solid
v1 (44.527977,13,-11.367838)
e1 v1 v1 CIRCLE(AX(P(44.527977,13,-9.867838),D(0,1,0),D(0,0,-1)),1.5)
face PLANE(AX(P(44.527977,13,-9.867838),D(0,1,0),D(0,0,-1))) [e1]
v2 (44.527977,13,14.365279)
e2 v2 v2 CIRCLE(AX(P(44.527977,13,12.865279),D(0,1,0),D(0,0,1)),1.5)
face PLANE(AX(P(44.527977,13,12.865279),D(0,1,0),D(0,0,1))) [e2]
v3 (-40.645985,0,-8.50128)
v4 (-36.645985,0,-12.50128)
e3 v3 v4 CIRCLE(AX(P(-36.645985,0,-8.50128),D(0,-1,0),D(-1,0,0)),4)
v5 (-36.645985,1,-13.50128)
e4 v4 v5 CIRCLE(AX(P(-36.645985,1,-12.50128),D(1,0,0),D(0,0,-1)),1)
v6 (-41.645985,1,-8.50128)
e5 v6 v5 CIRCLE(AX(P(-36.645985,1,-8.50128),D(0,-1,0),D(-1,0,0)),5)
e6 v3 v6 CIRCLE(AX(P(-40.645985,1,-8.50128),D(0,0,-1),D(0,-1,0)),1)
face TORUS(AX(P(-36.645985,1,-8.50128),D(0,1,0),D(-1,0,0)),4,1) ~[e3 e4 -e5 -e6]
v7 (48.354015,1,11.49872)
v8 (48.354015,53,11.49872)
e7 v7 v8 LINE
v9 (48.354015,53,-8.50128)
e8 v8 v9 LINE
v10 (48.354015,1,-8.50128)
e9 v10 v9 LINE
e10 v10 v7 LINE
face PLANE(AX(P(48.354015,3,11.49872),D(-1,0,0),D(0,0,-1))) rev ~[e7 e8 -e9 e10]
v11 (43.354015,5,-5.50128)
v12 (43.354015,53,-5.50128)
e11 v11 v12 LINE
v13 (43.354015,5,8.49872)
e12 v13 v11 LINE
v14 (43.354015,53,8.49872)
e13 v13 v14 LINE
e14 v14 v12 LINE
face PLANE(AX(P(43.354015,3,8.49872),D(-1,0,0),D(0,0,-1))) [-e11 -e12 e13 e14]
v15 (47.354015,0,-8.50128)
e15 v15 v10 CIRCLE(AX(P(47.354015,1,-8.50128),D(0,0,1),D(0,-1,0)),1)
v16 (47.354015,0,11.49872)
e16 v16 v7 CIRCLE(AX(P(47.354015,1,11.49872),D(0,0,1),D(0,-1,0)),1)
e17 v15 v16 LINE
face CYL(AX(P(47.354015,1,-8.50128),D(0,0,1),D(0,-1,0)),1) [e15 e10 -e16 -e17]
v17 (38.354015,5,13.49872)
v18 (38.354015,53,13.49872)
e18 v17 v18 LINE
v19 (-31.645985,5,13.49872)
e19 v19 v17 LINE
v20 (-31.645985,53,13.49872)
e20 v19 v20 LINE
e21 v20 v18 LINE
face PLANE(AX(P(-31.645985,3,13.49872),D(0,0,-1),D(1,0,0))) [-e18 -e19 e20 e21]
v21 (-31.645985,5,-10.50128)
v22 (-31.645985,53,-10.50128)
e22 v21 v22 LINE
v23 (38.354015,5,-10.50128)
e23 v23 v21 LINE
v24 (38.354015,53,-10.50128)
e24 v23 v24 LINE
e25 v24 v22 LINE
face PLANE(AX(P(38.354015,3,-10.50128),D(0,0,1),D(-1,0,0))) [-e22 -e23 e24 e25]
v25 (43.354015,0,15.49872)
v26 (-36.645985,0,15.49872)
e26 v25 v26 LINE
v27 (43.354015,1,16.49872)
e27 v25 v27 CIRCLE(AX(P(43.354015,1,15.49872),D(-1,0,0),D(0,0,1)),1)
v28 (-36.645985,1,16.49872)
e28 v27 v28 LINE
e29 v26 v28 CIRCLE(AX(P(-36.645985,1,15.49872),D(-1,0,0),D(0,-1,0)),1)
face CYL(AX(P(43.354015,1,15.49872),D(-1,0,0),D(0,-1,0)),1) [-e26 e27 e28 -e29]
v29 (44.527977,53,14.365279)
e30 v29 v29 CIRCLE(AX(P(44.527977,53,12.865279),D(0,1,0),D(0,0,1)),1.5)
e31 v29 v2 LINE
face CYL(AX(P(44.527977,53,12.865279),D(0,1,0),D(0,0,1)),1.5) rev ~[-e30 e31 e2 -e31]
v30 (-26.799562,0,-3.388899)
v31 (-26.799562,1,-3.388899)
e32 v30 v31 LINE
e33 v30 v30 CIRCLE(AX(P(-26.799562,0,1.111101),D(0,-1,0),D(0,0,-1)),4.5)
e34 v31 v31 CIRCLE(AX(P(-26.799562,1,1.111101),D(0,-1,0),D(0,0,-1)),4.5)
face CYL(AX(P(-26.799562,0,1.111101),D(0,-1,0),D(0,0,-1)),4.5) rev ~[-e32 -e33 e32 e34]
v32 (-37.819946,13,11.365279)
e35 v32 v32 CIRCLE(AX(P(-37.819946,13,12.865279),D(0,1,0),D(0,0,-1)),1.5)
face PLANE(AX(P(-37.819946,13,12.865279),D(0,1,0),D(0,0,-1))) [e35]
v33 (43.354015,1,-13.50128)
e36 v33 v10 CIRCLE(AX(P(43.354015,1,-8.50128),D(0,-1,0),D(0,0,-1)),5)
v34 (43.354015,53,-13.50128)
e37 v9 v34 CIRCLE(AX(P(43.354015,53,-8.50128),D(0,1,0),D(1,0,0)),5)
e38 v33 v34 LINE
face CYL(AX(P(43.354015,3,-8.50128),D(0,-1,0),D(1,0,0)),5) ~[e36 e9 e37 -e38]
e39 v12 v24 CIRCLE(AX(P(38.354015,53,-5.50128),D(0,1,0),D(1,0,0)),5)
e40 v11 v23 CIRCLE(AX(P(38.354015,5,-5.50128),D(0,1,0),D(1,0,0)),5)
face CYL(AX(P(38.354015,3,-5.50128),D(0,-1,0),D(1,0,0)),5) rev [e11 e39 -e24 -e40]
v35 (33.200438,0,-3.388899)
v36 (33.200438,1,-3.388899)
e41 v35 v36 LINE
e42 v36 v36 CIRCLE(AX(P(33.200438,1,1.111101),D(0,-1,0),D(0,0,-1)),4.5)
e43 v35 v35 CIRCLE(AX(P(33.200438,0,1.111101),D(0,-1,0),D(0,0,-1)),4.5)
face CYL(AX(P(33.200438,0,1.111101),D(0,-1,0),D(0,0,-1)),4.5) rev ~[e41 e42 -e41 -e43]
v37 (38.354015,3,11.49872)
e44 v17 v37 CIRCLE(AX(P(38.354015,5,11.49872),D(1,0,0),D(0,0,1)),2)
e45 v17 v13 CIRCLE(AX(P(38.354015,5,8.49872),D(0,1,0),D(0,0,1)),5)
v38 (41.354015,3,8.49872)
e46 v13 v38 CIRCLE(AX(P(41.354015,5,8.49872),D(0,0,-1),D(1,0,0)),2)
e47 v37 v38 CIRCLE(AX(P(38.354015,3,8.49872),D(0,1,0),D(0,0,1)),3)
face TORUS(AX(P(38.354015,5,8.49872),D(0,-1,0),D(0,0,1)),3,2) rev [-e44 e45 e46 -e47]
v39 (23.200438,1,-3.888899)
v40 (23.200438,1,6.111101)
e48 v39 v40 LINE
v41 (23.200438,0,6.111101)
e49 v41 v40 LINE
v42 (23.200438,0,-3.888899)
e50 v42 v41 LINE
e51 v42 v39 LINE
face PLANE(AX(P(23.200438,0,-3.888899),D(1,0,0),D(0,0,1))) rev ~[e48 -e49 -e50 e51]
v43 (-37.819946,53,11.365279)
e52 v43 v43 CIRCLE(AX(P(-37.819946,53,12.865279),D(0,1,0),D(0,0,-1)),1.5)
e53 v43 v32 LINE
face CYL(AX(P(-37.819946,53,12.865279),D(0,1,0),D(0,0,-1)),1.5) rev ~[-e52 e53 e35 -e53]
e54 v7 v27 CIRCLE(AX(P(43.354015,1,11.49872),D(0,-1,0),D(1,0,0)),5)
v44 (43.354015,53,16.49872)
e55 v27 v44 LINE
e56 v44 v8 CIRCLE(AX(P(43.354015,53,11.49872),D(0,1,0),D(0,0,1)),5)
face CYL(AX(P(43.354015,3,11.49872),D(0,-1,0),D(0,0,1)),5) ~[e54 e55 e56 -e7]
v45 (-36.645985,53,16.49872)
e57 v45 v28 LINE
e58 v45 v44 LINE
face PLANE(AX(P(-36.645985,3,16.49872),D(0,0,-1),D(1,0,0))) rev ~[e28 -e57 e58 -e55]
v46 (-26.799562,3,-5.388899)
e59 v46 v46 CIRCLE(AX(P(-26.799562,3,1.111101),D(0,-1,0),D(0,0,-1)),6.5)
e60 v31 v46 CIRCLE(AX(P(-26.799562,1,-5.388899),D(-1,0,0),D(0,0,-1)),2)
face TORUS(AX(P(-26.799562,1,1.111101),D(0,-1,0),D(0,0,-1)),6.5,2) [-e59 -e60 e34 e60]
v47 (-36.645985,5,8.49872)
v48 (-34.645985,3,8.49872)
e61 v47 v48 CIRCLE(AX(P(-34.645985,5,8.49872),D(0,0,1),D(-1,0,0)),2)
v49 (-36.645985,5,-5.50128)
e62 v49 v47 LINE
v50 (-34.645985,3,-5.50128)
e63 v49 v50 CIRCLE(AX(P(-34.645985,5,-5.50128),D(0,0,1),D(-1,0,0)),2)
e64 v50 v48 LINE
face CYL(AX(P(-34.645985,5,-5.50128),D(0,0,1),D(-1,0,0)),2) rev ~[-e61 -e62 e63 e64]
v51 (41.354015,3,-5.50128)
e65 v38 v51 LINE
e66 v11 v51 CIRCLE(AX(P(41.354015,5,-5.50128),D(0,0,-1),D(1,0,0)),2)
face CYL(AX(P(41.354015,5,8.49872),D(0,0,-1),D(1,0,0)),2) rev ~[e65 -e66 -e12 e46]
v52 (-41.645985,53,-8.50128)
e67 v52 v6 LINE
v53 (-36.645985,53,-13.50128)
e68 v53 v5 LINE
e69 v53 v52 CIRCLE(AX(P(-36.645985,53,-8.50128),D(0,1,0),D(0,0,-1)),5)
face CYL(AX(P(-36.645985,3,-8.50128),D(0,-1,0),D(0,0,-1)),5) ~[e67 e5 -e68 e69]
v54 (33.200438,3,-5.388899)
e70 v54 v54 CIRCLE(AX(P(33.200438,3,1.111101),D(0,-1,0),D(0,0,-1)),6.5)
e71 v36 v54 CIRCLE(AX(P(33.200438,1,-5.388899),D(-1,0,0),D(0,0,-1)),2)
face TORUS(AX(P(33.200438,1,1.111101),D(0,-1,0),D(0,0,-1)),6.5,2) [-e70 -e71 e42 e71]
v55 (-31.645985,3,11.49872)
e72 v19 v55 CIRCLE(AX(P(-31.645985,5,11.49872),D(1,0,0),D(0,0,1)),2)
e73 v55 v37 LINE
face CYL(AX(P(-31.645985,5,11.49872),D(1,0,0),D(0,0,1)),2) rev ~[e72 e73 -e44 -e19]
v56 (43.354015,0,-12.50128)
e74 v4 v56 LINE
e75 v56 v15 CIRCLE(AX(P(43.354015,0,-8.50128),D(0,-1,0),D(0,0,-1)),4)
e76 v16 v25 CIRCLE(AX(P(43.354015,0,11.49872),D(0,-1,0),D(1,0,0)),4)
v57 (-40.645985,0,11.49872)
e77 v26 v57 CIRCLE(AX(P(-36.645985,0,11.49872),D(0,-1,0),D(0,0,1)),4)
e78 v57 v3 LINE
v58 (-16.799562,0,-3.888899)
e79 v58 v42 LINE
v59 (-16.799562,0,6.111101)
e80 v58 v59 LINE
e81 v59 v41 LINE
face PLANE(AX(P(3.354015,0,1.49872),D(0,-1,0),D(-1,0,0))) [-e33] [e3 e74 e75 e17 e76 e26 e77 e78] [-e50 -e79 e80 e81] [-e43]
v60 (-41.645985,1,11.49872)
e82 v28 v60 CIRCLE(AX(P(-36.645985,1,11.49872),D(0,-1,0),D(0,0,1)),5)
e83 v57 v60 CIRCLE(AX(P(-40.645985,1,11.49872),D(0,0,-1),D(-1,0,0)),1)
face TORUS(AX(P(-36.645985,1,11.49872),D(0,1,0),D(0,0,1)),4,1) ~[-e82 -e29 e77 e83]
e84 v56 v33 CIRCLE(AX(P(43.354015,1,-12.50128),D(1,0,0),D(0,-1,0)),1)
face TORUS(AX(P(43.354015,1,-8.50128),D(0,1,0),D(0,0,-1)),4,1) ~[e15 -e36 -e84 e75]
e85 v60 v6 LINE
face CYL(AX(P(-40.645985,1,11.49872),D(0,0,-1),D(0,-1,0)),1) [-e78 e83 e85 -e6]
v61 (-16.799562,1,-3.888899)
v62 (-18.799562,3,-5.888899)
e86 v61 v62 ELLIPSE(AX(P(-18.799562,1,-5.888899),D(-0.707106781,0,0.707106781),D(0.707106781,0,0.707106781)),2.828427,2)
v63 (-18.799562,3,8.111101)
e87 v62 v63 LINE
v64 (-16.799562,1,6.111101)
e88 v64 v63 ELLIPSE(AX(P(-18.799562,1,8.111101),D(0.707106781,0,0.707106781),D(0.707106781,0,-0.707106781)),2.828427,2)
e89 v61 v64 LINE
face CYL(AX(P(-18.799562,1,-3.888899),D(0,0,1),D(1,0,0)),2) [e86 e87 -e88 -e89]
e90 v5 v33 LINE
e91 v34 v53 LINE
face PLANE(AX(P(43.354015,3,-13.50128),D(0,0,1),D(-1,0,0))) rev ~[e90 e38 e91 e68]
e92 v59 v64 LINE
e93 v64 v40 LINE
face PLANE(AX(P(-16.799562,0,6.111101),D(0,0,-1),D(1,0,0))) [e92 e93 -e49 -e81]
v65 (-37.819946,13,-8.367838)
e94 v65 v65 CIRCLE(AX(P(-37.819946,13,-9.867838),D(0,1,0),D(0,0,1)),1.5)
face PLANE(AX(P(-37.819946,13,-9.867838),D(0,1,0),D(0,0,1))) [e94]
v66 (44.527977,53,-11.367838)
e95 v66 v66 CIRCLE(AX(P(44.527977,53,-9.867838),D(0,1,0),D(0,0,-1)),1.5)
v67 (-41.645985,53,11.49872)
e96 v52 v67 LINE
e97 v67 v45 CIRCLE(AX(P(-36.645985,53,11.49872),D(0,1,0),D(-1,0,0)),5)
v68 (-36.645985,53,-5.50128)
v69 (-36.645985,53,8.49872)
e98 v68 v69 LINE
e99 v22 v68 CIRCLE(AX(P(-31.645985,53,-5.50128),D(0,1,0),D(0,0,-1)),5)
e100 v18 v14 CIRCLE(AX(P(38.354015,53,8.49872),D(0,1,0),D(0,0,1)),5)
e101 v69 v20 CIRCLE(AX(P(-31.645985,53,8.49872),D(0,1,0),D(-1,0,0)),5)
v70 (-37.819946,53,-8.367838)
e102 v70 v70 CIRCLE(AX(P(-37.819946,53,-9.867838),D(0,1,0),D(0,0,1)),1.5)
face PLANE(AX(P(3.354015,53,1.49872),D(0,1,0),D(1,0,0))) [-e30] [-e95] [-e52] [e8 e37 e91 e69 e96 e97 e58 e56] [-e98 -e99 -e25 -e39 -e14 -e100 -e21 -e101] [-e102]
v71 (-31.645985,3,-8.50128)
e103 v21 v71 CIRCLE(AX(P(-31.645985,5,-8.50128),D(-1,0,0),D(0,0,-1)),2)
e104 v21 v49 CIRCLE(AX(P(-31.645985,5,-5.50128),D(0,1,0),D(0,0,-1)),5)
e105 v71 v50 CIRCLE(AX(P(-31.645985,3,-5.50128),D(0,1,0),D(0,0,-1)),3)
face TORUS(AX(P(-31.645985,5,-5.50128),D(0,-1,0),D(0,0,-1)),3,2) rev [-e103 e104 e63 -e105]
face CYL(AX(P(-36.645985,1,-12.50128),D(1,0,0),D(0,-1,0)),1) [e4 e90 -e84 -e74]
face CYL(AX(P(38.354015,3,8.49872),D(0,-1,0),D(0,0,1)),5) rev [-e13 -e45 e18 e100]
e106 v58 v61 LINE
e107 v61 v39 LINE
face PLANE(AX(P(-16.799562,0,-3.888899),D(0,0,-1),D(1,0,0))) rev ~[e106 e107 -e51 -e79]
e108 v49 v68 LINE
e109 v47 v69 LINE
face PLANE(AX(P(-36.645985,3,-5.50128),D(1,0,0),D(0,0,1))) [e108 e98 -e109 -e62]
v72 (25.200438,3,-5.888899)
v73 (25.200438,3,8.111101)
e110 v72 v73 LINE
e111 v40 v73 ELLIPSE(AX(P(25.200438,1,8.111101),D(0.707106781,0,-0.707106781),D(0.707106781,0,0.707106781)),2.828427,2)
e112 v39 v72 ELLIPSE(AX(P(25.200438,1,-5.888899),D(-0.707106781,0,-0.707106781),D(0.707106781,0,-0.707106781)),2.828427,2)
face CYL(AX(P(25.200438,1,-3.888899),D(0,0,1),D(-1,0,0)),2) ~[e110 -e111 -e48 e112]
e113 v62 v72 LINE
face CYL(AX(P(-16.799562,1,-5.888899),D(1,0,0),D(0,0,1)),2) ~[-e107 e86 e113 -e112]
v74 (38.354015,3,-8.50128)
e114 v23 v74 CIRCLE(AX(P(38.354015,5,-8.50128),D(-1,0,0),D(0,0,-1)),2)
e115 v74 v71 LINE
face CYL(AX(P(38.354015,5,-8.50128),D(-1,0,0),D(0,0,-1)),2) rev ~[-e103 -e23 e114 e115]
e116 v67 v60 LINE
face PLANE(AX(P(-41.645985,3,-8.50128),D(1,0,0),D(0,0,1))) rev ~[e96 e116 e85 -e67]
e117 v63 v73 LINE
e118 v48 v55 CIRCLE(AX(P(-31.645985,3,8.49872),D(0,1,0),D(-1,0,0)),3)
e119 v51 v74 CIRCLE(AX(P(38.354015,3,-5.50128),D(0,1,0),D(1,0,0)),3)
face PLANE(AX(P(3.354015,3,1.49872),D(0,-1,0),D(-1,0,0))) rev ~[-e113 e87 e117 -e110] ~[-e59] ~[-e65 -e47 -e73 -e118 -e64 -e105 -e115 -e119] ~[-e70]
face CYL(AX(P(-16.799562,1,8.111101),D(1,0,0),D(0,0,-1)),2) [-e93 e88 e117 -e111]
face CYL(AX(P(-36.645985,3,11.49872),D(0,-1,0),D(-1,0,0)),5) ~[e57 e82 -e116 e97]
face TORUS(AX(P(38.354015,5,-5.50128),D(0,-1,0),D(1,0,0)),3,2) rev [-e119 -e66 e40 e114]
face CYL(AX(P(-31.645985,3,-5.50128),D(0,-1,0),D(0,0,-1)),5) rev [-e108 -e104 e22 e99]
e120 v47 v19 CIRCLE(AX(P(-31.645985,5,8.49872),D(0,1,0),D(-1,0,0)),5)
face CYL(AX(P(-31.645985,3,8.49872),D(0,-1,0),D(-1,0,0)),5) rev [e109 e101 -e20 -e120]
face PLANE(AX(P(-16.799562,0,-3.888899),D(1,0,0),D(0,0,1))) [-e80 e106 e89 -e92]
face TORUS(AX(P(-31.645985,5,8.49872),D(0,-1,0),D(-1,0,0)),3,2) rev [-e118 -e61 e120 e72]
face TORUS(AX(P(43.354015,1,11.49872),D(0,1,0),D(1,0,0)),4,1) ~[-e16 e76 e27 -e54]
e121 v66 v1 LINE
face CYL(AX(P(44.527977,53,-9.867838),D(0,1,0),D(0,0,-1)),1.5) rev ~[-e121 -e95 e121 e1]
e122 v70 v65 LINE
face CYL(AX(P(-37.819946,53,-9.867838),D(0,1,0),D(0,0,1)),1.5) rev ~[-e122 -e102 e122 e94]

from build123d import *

# Parameters (mm, degrees)
BOSS_EXTRUDE2_DEPTH = 3
BOSS_EXTRUDE3_DEPTH = 50
FILLET3_R           = 1
SKETCH4_R           = 1.5
CUT_EXTRUDE1_DEPTH  = 40
SKETCH5_R           = 4.5
SKETCH5_W           = 40
SKETCH5_H           = 10
CUT_EXTRUDE2_DEPTH  = 10
FILLET4_R           = 2


with BuildPart() as part:
    # Sketch1 → Boss-Extrude2 (new body)
    with BuildSketch(Plane(origin=(0, 0, 0), x_dir=(1, 0, 0), z_dir=(0, 1, 0))):
        with BuildLine():
            Line((-36.64598461, 13.50127958), (43.35401539, 13.50127958))
            ThreePointArc((43.35401539, 13.50127958), (46.889549296, 12.036813486), (48.35401539, 8.50127958))
            Line((48.35401539, 8.50127958), (48.35401539, -11.49872042))
            ThreePointArc((48.35401539, -11.49872042), (46.889549296, -15.034254326), (43.35401539, -16.49872042))
            Line((43.35401539, -16.49872042), (-36.64598461, -16.49872042))
            ThreePointArc((-36.64598461, -16.49872042), (-40.181518516, -15.034254326), (-41.64598461, -11.49872042))
            Line((-41.64598461, -11.49872042), (-41.64598461, 8.50127958))
            ThreePointArc((-41.64598461, 8.50127958), (-40.181518516, 12.036813486), (-36.64598461, 13.50127958))
        make_face()
    extrude(amount=BOSS_EXTRUDE2_DEPTH)

    # Sketch3 → Boss-Extrude3 (add)
    with BuildSketch(Plane(origin=(0, 3, 0), x_dir=(1, 0, 0), z_dir=(0, 1, 0))):
        with BuildLine():
            Line((-36.64598461, -16.49872042), (43.35401539, -16.49872042))
            ThreePointArc((43.35401539, -16.49872042), (46.889549296, -15.034254326), (48.35401539, -11.49872042))
            Line((48.35401539, -11.49872042), (48.35401539, 8.50127958))
            ThreePointArc((48.35401539, 8.50127958), (46.889549296, 12.036813486), (43.35401539, 13.50127958))
            Line((43.35401539, 13.50127958), (-36.64598461, 13.50127958))
            ThreePointArc((-36.64598461, 13.50127958), (-40.181518516, 12.036813486), (-41.64598461, 8.50127958))
            Line((-41.64598461, 8.50127958), (-41.64598461, -11.49872042))
            ThreePointArc((-41.64598461, -11.49872042), (-40.181518516, -15.034254326), (-36.64598461, -16.49872042))
        make_face()
        with BuildLine():
            Line((-36.64598461, 5.50127958), (-36.64598461, -8.49872042))
            ThreePointArc((-36.64598461, -8.49872042), (-35.181518516, -12.034254326), (-31.64598461, -13.49872042))
            Line((-31.64598461, -13.49872042), (38.35401539, -13.49872042))
            ThreePointArc((38.35401539, -13.49872042), (41.889549296, -12.034254326), (43.35401539, -8.49872042))
            Line((43.35401539, -8.49872042), (43.35401539, 5.50127958))
            ThreePointArc((43.35401539, 5.50127958), (41.889549296, 9.036813486), (38.35401539, 10.50127958))
            Line((38.35401539, 10.50127958), (-31.64598461, 10.50127958))
            ThreePointArc((-31.64598461, 10.50127958), (-35.181518516, 9.036813486), (-36.64598461, 5.50127958))
        make_face(mode=Mode.SUBTRACT)
    extrude(amount=BOSS_EXTRUDE3_DEPTH)

    # Fillet3
    fillet3_edges = [part.edges().sort_by_distance(p)[0] for p in [
        (3.35401539, 0, 16.49872042),
        (46.889549296, 0, 15.034254326),
        (48.35401539, 0, 1.49872042),
        (46.889549296, 0, -12.036813486),
        (3.35401539, 0, -13.50127958),
        (-40.181518516, 0, -12.036813486),
        (-41.64598461, 0, 1.49872042),
        (-40.181518516, 0, 15.034254326),
    ]]
    fillet(fillet3_edges, radius=FILLET3_R)

    # Sketch4 → Cut-Extrude1 (cut)
    with BuildSketch(Plane(origin=(0, 53, 0), x_dir=(1, 0, 0), z_dir=(0, 1, 0))):
        with Locations((-37.819946043, 9.867837779)):
            Circle(SKETCH4_R)
        with Locations((-37.819946043, -12.865278618)):
            Circle(SKETCH4_R)
        with Locations((44.527976823, -12.865278618)):
            Circle(SKETCH4_R)
        with Locations((44.527976823, 9.867837779)):
            Circle(SKETCH4_R)
    extrude(amount=-CUT_EXTRUDE1_DEPTH, mode=Mode.SUBTRACT)

    # Sketch5 → Cut-Extrude2 (cut)
    with BuildSketch(Plane.XZ):
        with Locations((33.20043836, 1.111101434)):
            Circle(SKETCH5_R)
        with Locations((-26.79956164, 1.111101434)):
            Circle(SKETCH5_R)
        with Locations((3.20043836, 1.111101434)):
            Rectangle(SKETCH5_W, SKETCH5_H)
    extrude(amount=-CUT_EXTRUDE2_DEPTH, mode=Mode.SUBTRACT)

    # Fillet4
    fillet4_edges = [part.edges().sort_by_distance(p)[0] for p in [
        (43.35401539, 3, 1.49872042),
        (41.889549296, 3, 12.034254326),
        (3.35401539, 3, 13.49872042),
        (-35.181518516, 3, 12.034254326),
        (-36.64598461, 3, 1.49872042),
        (-35.181518516, 3, -9.036813486),
        (3.35401539, 3, -10.50127958),
        (41.889549296, 3, -9.036813486),
        (3.20043836, 3, -3.888898566),
        (-16.79956164, 3, 1.111101434),
        (3.20043836, 3, 6.111101434),
        (23.20043836, 3, 1.111101434),
        (28.70043836, 3, 1.111101434),
        (-31.29956164, 3, 1.111101434),
    ]]
    fillet(fillet4_edges, radius=FILLET4_R)


solid = part.part
